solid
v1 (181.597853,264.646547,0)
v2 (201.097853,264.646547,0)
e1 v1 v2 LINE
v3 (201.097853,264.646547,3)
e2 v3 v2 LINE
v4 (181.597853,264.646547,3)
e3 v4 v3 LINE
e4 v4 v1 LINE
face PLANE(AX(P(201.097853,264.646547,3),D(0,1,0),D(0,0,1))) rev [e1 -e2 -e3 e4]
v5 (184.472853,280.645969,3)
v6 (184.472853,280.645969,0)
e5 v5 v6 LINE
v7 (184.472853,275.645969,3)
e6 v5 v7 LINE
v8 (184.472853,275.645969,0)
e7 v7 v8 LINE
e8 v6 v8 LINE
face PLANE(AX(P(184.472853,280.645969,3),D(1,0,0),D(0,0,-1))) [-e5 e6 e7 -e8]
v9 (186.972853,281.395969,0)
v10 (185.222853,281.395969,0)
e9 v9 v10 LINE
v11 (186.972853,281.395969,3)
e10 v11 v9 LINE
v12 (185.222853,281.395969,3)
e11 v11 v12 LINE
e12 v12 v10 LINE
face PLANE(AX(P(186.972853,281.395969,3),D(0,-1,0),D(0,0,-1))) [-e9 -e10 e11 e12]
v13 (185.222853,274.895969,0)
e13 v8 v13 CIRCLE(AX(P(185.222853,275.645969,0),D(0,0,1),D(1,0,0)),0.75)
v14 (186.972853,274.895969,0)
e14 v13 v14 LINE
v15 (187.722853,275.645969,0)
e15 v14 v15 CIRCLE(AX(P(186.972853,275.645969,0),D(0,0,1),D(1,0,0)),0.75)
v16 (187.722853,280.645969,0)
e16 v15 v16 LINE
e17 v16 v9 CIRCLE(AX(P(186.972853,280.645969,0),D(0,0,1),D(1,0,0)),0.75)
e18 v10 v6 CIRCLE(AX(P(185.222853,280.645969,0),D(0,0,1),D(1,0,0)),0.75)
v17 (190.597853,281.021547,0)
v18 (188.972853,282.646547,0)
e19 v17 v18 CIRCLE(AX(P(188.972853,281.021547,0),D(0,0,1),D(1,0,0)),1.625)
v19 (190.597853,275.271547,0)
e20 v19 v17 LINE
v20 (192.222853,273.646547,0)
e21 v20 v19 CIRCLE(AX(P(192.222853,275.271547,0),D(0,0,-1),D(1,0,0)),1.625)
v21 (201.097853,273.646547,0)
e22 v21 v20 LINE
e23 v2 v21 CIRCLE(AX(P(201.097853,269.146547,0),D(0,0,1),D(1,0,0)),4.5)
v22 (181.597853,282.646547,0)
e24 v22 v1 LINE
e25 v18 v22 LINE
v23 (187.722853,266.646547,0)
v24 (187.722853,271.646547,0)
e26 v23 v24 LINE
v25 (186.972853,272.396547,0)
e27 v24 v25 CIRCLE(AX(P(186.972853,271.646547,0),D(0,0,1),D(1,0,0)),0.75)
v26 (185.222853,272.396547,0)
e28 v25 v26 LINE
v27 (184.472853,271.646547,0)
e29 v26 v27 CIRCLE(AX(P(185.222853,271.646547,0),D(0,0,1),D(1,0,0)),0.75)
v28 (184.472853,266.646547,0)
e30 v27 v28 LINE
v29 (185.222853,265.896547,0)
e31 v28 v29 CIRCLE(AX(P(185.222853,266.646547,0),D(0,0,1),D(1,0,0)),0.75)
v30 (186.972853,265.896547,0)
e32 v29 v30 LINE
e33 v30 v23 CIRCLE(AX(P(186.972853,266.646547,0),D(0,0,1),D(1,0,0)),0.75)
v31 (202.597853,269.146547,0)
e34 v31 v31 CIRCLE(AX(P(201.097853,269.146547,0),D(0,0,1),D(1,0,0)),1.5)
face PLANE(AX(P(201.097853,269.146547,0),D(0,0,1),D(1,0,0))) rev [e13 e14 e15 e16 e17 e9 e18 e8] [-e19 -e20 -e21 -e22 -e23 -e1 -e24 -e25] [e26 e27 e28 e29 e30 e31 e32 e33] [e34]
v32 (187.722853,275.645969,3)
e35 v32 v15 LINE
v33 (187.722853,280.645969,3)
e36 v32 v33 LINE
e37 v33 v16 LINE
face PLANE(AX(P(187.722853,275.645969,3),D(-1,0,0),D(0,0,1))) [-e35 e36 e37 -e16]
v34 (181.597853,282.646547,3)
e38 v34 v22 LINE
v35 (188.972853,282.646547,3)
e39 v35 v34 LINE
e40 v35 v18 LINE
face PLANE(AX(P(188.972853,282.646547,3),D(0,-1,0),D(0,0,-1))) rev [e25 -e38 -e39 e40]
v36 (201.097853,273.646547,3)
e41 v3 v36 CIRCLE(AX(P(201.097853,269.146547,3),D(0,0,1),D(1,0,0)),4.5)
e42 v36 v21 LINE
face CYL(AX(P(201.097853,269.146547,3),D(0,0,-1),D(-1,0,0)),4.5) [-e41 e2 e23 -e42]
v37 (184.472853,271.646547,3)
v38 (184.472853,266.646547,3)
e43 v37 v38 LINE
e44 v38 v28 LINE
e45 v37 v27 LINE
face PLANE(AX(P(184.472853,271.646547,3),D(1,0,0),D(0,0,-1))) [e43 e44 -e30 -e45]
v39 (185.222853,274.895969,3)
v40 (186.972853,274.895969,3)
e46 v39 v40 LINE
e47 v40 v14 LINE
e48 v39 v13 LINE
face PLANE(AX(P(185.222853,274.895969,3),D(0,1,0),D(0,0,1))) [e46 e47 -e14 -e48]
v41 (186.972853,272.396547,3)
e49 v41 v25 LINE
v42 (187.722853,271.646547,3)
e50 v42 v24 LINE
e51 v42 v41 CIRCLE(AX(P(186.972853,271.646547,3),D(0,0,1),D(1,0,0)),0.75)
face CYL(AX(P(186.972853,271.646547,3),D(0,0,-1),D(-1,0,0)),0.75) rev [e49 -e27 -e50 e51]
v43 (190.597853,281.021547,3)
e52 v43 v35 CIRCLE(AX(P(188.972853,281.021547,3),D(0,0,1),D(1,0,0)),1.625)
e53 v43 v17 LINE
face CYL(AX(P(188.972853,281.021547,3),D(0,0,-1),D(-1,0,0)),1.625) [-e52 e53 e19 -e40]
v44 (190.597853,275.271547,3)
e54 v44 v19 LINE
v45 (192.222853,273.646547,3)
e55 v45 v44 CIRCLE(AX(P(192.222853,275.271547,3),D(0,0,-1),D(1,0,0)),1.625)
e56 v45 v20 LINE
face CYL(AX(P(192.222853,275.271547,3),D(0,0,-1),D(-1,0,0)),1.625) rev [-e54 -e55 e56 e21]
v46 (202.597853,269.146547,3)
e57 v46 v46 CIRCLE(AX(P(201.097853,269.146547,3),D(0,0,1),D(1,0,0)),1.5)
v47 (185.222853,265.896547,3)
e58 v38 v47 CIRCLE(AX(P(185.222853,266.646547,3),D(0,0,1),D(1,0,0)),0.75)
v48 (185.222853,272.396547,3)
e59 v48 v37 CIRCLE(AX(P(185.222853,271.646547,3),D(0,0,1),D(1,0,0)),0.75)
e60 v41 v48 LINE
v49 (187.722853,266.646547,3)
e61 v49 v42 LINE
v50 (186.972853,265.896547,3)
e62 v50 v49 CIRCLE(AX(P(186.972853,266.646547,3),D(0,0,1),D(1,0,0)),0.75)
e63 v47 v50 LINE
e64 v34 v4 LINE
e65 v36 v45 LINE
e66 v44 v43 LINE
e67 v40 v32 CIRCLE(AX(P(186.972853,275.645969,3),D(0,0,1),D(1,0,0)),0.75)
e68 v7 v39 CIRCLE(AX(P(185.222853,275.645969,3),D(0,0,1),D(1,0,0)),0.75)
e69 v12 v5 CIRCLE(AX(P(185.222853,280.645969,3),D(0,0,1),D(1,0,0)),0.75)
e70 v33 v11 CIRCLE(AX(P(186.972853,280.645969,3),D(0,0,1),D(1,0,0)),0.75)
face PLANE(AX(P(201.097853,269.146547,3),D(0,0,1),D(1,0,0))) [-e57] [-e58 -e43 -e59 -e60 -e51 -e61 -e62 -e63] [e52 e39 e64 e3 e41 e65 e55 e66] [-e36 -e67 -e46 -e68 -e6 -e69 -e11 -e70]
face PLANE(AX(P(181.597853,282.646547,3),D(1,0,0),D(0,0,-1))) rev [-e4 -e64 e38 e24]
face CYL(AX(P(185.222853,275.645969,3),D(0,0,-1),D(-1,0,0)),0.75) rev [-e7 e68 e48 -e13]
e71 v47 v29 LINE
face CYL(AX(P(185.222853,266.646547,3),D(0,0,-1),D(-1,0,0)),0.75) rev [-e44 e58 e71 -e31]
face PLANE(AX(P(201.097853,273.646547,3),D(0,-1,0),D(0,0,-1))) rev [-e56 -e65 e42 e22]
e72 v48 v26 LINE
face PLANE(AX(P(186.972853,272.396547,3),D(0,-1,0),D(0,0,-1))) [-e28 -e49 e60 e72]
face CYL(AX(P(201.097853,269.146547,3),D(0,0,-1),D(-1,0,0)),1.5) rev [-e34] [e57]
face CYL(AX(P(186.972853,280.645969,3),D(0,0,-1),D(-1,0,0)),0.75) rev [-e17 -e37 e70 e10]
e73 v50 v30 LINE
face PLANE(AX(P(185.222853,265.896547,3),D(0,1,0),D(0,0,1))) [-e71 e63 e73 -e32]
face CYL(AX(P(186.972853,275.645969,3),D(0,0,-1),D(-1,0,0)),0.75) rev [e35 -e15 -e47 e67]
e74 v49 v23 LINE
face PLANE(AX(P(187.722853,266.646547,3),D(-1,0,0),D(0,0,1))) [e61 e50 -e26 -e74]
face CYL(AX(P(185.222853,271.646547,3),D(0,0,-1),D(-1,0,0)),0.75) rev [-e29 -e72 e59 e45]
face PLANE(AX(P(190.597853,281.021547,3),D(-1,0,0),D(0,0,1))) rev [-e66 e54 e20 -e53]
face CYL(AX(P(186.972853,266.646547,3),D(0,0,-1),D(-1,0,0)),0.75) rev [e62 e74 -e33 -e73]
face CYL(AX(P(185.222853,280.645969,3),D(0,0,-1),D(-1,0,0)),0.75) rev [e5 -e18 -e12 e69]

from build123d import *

# Parameters (mm, degrees)
MODEL_R                 = 1.5
SALIENTE_EXTRUIR1_DEPTH = 3


with BuildPart() as part:
    # Model → Saliente-Extruir1 (new body)
    with BuildSketch(Plane.XY):
        with BuildLine():
            Line((201.097853309, 264.646547335), (181.597853309, 264.646547335))
            Line((181.597853309, 264.646547335), (181.597853309, 282.646547335))
            Line((181.597853309, 282.646547335), (188.972853309, 282.646547335))
            ThreePointArc((188.972853309, 282.646547335), (190.121901829, 282.170595855), (190.597853309, 281.021547335))
            Line((190.597853309, 281.021547335), (190.597853309, 275.271547335))
            ThreePointArc((190.597853309, 275.271547335), (191.07380479, 274.122498816), (192.222853309, 273.646547335))
            Line((192.222853309, 273.646547335), (201.097853309, 273.646547335))
            ThreePointArc((201.097853309, 273.646547335), (205.597853309, 269.146547335), (201.097853309, 264.646547335))
        make_face()
        with Locations((201.097853309, 269.146547335)):
            Circle(MODEL_R, mode=Mode.SUBTRACT)
        with BuildLine():
            Line((185.222853309, 265.896547335), (186.972853309, 265.896547335))
            ThreePointArc((186.972853309, 265.896547335), (187.503183395, 266.116217249), (187.722853309, 266.646547335))
            Line((187.722853309, 266.646547335), (187.722853309, 271.646547335))
            ThreePointArc((187.722853309, 271.646547335), (187.503183395, 272.176877421), (186.972853309, 272.396547335))
            Line((186.972853309, 272.396547335), (185.222853309, 272.396547335))
            ThreePointArc((185.222853309, 272.396547335), (184.692523223, 272.176877421), (184.472853309, 271.646547335))
            Line((184.472853309, 271.646547335), (184.472853309, 266.646547335))
            ThreePointArc((184.472853309, 266.646547335), (184.692523223, 266.116217249), (185.222853309, 265.896547335))
        make_face(mode=Mode.SUBTRACT)
        with BuildLine():
            Line((185.222853309, 274.895968764), (186.972853309, 274.895968764))
            ThreePointArc((186.972853309, 274.895968764), (187.503183395, 275.115638678), (187.722853309, 275.645968764))
            Line((187.722853309, 275.645968764), (187.722853309, 280.645968764))
            ThreePointArc((187.722853309, 280.645968764), (187.503183395, 281.17629885), (186.972853309, 281.395968764))
            Line((186.972853309, 281.395968764), (185.222853309, 281.395968764))
            ThreePointArc((185.222853309, 281.395968764), (184.692523223, 281.17629885), (184.472853309, 280.645968764))
            Line((184.472853309, 280.645968764), (184.472853309, 275.645968764))
            ThreePointArc((184.472853309, 275.645968764), (184.692523223, 275.115638678), (185.222853309, 274.895968764))
        make_face(mode=Mode.SUBTRACT)
    extrude(amount=SALIENTE_EXTRUIR1_DEPTH)


solid = part.part
